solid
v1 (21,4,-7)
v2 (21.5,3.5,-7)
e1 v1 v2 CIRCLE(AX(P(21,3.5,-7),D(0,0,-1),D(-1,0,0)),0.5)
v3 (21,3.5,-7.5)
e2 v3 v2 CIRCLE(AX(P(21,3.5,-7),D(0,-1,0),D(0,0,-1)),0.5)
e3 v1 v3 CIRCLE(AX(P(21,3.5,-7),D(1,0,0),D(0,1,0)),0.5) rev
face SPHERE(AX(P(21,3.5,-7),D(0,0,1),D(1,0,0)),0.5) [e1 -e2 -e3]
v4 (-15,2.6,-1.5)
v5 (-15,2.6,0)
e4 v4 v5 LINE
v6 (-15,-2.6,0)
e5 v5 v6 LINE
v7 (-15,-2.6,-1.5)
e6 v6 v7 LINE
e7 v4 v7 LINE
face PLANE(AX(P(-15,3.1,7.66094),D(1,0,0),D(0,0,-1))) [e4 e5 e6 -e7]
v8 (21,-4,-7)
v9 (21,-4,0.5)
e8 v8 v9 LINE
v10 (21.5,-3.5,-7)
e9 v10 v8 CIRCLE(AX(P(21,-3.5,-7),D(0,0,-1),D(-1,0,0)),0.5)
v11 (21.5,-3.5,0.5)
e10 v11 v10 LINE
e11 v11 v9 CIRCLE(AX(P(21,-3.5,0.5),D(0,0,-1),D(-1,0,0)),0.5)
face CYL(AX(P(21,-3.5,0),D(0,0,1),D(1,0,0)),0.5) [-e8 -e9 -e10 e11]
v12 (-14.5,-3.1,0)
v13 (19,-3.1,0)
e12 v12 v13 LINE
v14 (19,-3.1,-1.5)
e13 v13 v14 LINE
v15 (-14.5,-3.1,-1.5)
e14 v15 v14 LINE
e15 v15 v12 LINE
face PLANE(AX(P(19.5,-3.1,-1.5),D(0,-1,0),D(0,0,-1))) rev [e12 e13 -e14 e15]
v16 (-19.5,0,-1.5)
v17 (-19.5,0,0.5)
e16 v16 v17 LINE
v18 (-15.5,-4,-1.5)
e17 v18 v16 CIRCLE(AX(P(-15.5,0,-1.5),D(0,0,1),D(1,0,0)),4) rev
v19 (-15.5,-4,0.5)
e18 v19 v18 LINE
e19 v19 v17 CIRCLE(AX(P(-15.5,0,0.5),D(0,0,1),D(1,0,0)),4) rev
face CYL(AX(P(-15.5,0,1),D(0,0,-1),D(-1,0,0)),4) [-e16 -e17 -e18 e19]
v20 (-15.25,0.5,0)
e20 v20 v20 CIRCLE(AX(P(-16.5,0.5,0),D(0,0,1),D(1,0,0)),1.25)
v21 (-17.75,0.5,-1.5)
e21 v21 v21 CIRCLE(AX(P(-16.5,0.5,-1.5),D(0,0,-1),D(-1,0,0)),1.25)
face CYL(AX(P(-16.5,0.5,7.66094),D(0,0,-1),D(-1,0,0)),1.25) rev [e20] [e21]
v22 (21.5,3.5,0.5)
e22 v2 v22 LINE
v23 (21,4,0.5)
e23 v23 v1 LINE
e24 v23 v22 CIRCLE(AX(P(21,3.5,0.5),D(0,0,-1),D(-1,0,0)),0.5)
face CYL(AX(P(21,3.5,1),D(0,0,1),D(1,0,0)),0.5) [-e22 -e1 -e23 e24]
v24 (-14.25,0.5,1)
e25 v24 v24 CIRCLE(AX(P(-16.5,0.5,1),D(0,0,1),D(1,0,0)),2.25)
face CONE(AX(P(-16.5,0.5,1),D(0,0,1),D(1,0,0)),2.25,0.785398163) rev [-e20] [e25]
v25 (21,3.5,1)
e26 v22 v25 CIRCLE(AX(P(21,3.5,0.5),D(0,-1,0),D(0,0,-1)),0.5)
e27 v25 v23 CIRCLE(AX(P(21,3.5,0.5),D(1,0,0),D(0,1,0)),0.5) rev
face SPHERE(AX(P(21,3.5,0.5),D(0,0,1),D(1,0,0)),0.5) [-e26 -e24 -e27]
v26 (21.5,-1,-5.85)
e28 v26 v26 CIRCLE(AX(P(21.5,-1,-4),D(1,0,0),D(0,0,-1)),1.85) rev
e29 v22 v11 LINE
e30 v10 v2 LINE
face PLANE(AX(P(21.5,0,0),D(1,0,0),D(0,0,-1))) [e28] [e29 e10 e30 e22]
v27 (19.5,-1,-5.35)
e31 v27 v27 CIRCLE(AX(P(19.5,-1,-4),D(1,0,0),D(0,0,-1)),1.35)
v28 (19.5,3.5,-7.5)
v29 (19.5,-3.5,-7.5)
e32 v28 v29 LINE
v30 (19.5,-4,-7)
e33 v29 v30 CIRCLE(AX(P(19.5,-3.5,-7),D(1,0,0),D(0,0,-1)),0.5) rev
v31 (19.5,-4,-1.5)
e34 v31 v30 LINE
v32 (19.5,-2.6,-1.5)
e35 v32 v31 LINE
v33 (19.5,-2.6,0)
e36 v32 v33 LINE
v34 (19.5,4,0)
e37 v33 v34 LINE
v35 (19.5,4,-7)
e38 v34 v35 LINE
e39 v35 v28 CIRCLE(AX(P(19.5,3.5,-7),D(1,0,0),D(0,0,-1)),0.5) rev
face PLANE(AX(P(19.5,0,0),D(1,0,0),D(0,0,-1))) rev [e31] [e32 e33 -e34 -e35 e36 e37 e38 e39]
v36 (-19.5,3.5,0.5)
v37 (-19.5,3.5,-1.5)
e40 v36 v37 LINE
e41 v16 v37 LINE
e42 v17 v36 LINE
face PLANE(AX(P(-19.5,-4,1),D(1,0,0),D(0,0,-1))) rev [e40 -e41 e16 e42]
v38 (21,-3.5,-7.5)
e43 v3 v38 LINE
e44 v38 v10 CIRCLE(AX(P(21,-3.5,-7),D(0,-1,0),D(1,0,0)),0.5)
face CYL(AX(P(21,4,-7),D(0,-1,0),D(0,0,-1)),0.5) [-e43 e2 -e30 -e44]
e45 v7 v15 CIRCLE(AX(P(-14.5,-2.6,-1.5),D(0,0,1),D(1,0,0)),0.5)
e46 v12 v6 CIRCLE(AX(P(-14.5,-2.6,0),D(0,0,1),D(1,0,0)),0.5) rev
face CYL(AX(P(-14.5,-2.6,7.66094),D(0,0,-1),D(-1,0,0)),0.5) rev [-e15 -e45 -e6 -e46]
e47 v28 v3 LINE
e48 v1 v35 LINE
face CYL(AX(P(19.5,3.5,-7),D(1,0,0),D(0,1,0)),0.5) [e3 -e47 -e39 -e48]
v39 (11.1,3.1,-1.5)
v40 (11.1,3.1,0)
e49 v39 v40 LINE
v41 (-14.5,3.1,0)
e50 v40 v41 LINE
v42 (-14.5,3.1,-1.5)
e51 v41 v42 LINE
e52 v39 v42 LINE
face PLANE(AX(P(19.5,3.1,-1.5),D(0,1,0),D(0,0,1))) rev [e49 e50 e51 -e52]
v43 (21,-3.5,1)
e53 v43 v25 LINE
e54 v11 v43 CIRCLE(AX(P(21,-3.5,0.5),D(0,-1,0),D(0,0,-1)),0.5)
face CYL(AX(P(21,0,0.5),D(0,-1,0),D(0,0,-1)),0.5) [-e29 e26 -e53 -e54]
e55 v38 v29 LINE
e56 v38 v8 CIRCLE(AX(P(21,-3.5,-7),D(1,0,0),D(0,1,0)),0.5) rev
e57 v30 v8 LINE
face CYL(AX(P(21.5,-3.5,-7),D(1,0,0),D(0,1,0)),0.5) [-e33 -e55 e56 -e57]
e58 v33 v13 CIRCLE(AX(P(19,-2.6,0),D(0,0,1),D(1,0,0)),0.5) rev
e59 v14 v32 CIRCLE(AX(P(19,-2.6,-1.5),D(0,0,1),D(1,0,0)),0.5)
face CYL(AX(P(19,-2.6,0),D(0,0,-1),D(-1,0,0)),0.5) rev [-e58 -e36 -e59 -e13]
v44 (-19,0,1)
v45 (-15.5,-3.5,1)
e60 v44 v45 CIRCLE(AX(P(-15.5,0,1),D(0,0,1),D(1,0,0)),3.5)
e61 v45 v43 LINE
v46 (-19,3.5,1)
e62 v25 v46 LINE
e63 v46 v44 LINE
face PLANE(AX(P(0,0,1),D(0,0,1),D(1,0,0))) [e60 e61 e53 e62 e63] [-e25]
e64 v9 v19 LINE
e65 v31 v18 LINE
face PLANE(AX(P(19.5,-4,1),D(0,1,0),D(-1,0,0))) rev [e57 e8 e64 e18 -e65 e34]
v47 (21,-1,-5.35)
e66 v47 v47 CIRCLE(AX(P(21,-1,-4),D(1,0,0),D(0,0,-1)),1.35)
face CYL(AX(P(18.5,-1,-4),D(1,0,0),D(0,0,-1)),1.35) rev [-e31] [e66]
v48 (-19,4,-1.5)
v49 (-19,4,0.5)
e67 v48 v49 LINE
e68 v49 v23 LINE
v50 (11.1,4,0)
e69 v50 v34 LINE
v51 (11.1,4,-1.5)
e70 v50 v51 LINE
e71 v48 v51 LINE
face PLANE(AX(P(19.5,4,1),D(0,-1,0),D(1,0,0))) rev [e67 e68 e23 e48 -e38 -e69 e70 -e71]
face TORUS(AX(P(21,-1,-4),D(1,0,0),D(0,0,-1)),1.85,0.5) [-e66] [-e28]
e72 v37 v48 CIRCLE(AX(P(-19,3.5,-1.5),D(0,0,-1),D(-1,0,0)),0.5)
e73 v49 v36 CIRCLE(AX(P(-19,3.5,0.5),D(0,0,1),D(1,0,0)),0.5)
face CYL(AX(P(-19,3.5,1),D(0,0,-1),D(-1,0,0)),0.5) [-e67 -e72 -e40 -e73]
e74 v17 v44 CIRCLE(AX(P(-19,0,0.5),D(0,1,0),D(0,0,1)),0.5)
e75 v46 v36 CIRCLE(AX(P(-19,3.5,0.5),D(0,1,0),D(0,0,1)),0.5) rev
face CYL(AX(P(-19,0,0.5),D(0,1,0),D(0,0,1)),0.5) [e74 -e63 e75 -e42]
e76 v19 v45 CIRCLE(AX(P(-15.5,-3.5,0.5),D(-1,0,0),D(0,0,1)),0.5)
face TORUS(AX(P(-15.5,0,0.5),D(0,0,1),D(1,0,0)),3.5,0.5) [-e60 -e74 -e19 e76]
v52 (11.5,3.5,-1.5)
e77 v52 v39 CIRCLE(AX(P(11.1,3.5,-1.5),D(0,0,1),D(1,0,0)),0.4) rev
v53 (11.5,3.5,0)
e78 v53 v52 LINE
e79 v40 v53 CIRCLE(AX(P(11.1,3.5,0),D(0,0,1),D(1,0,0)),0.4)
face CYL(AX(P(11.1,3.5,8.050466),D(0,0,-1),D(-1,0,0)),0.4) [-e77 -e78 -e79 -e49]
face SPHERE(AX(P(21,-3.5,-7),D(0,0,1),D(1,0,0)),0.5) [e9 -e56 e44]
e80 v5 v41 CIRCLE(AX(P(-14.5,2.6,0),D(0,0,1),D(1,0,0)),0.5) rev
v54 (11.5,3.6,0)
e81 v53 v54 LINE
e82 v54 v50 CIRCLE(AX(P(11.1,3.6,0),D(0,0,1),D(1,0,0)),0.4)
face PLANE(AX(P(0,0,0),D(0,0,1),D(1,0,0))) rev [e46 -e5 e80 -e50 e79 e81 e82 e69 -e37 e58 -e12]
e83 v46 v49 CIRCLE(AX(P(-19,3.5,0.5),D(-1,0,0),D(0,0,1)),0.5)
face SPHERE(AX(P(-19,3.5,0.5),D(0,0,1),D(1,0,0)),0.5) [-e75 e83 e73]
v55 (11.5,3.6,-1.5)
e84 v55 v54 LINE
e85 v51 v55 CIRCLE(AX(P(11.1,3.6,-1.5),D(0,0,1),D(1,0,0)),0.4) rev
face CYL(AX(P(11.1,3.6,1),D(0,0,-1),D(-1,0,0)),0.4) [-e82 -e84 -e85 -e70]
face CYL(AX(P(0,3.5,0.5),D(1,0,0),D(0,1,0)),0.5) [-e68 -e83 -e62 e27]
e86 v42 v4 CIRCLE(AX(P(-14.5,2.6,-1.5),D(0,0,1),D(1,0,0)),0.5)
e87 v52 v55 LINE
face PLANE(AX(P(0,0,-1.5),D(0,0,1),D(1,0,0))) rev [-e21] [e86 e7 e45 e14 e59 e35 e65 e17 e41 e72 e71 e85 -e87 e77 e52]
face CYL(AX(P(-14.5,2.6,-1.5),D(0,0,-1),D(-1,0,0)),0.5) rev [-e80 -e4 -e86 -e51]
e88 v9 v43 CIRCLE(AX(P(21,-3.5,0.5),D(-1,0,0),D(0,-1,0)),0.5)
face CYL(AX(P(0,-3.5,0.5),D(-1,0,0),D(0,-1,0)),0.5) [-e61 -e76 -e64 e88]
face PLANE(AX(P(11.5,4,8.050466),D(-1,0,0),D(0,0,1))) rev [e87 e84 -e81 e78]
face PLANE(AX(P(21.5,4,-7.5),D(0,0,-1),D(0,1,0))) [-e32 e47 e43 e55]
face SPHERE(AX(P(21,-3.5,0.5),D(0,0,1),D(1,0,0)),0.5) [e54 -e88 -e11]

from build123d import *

# Parameters (mm, degrees)
SKETCH_1_W                = 39
SKETCH_1_H                = 8
EXTRUDE_1_DEPTH           = 1
SKETCH_3_W                = 39
SKETCH_3_H                = 0.9
EXTRUDE_3_DEPTH           = 1.5
SKETCH_4_W                = 39
SKETCH_4_H                = 0.9
EXTRUDE_4_DEPTH           = 1.5
FILLET_1_R                = 4
SKETCH_5_W                = 8.5
SKETCH_5_H                = 8
EXTRUDE_5_DEPTH           = 2
SKETCH_6_W                = 8
SKETCH_6_H                = 0.9
CUT_EXTRUDE_1_DEPTH       = 1.5
FILLET_2_R                = 0.5
SKETCH_8_R                = 1.35
CUT_EXTRUDE_2_DEPTH       = 3
FILLET_3_R                = 0.5
SKETCH_9_R                = 1.1
CUT_EXTRUDE_3_DEPTH       = 3
HOLE_WIZARD_1_D           = 2.2
HOLE_WIZARD_1_DEPTH       = 7
HOLE_WIZARD_1_CSINK_D     = 4.5
HOLE_WIZARD_1_CSINK_ANGLE = 90
HOLE_WIZARD_1_TIP         = 0.660946681
EXTRUDE_6_REACH           = 24.677
SKETCH_11_R               = 1.25
FILLET_4_R                = 0.5
FILLET_5_R                = 0.5
FILLET_6_R                = 0.4
FILLET_7_R                = 0.5


with BuildPart() as part:
    # 草图1 → 凸台-拉伸1 (new body)
    with BuildSketch(Plane.XY):
        Rectangle(SKETCH_1_W, SKETCH_1_H)
    extrude(amount=EXTRUDE_1_DEPTH)

    # 草图3 → 凸台-拉伸3 (add)
    with BuildSketch(Plane(origin=(0, 0, 0), x_dir=(-1, 0, 0), z_dir=(0, 0, -1))):
        with Locations((0, -3.55)):
            Rectangle(SKETCH_3_W, SKETCH_3_H)
    extrude(amount=EXTRUDE_3_DEPTH)

    # 草图4 → 凸台-拉伸4 (add)
    with BuildSketch(Plane(origin=(0, 0, 0), x_dir=(-1, 0, 0), z_dir=(0, 0, -1))):
        with Locations((0, 3.55)):
            Rectangle(SKETCH_4_W, SKETCH_4_H)
    extrude(amount=EXTRUDE_4_DEPTH)

    # 圆角1
    fillet_1_edges = [part.edges().sort_by_distance(p)[0] for p in [
        (-19.5, -4, -0.25),
    ]]
    fillet(fillet_1_edges, radius=FILLET_1_R)

    # 草图5 → 凸台-拉伸5 (add)
    with BuildSketch(Plane(origin=(19.5, 0, 0), x_dir=(0, 0, -1), z_dir=(1, 0, 0))):
        with Locations((3.25, 0)):
            Rectangle(SKETCH_5_W, SKETCH_5_H)
    extrude(amount=EXTRUDE_5_DEPTH)

    # 草图6 → 切除-拉伸1 (cut)
    with BuildSketch(Plane(origin=(0, 0, -1.5), x_dir=(-1, 0, 0), z_dir=(0, 0, -1))):
        with Locations((-15.5, 3.55)):
            Rectangle(SKETCH_6_W, SKETCH_6_H)
    extrude(amount=-CUT_EXTRUDE_1_DEPTH, mode=Mode.SUBTRACT)

    # 圆角2
    fillet_2_edges = [part.edges().sort_by_distance(p)[0] for p in [
        (-19.5, 2, 1),
        (-18.328427125, -2.828427125, 1),
        (1, 4, 1),
        (3, -4, 1),
        (-19.5, 4, -0.25),
    ]]
    fillet(fillet_2_edges, radius=FILLET_2_R)

    # 草图8 → 切除-拉伸2 (cut)
    with BuildSketch(Plane(origin=(21.5, 0, 0), x_dir=(0, 0, -1), z_dir=(1, 0, 0))):
        with Locations((4, -1)):
            Circle(SKETCH_8_R)
    extrude(amount=-CUT_EXTRUDE_2_DEPTH, mode=Mode.SUBTRACT)

    # 圆角3
    fillet_3_edges = [part.edges().sort_by_distance(p)[0] for p in [
        (20.5, -4, -7.5),
        (20.5, 4, -7.5),
    ]]
    fillet(fillet_3_edges, radius=FILLET_3_R)

    # 草图9 → 切除-拉伸3 (cut)
    with BuildSketch(Plane(origin=(0, 0, 0), x_dir=(-1, 0, 0), z_dir=(0, 0, -1))):
        with Locations((16.5, 0.5)):
            Circle(SKETCH_9_R)
    extrude(amount=-CUT_EXTRUDE_3_DEPTH, mode=Mode.SUBTRACT)

    # 打孔尺寸(%根据)开槽沉头木螺钉的类型1
    with Locations(Plane(origin=(-16.5, 0.5, 1), x_dir=(1, 0, 0), z_dir=(0, 0, 1))):
        with Locations((0, 0)):
            CounterSinkHole(HOLE_WIZARD_1_D / 2, HOLE_WIZARD_1_CSINK_D / 2, depth=HOLE_WIZARD_1_DEPTH, counter_sink_angle=HOLE_WIZARD_1_CSINK_ANGLE)
            with Locations((0, 0, -(HOLE_WIZARD_1_DEPTH + HOLE_WIZARD_1_TIP / 2))):  # 118° drill point
                Cone(0, HOLE_WIZARD_1_D / 2, HOLE_WIZARD_1_TIP, mode=Mode.SUBTRACT)

    # 凸台-拉伸6: up to this face of the body (flat: up to its plane)
    extrude_6_end = Plane(part.part.faces().sort_by_distance((0.902646765, 0.108678474, 0))[0])
    # 草图11 → 凸台-拉伸6 (add, up to the picked face)
    with BuildSketch(Plane(origin=(0, 0, -1.5), x_dir=(-1, 0, 0), z_dir=(0, 0, -1)), mode=Mode.PRIVATE) as extrude_6_sk1:
        with BuildLine():
            Line((15, 3.1), (15, -3.1))
            Line((15, -3.1), (18.027844932, -3.1))
            ThreePointArc((18.027844932, -3.1), (19.113265817, -1.715899221), (19.5, 0))
            Line((19.5, 0), (19.5, 3.1))
            Line((19.5, 3.1), (15, 3.1))
        make_face()
        with Locations((16.5, 0.5)):
            Circle(SKETCH_11_R, mode=Mode.SUBTRACT)
    extrude_6_tool1 = split(extrude(extrude_6_sk1.sketch, amount=-EXTRUDE_6_REACH, mode=Mode.PRIVATE), bisect_by=extrude_6_end, keep=Keep.BOTH, mode=Mode.PRIVATE)
    add(extrude_6_tool1.solids().sort_by(Axis((-19.423391, 1.55, -1.5), (0, 0, 1)))[0])

    # 圆角4
    fillet_4_edges = [part.edges().sort_by_distance(p)[0] for p in [
        (-15, -3.1, -0.75),
        (-15, 3.1, -0.75),
    ]]
    fillet(fillet_4_edges, radius=FILLET_4_R)

    # 圆角5
    fillet_5_edges = [part.edges().sort_by_distance(p)[0] for p in [
        (19.5, -3.1, -0.75),
    ]]
    fillet(fillet_5_edges, radius=FILLET_5_R)

    # 圆角6
    fillet_6_edges = [part.edges().sort_by_distance(p)[0] for p in [
        (11.5, 3.1, -0.75),
        (11.5, 4, -0.75),
    ]]
    fillet(fillet_6_edges, radius=FILLET_6_R)

    # 圆角7
    fillet_7_edges = [part.edges().sort_by_distance(p)[0] for p in [
        (21.5, -1, -2.65),
        (21.5, 0, -7.5),
        (21.5, -3.853553391, -7.353553391),
        (21.5, 3.853553391, -7.353553391),
        (21.5, 0, 1),
        (21.5, 4, -3.25),
        (21.5, -4, -3.25),
        (21.5, -3.853553391, 0.853553391),
        (21.5, 3.853553391, 0.853553391),
    ]]
    fillet(fillet_7_edges, radius=FILLET_7_R)


solid = part.part
